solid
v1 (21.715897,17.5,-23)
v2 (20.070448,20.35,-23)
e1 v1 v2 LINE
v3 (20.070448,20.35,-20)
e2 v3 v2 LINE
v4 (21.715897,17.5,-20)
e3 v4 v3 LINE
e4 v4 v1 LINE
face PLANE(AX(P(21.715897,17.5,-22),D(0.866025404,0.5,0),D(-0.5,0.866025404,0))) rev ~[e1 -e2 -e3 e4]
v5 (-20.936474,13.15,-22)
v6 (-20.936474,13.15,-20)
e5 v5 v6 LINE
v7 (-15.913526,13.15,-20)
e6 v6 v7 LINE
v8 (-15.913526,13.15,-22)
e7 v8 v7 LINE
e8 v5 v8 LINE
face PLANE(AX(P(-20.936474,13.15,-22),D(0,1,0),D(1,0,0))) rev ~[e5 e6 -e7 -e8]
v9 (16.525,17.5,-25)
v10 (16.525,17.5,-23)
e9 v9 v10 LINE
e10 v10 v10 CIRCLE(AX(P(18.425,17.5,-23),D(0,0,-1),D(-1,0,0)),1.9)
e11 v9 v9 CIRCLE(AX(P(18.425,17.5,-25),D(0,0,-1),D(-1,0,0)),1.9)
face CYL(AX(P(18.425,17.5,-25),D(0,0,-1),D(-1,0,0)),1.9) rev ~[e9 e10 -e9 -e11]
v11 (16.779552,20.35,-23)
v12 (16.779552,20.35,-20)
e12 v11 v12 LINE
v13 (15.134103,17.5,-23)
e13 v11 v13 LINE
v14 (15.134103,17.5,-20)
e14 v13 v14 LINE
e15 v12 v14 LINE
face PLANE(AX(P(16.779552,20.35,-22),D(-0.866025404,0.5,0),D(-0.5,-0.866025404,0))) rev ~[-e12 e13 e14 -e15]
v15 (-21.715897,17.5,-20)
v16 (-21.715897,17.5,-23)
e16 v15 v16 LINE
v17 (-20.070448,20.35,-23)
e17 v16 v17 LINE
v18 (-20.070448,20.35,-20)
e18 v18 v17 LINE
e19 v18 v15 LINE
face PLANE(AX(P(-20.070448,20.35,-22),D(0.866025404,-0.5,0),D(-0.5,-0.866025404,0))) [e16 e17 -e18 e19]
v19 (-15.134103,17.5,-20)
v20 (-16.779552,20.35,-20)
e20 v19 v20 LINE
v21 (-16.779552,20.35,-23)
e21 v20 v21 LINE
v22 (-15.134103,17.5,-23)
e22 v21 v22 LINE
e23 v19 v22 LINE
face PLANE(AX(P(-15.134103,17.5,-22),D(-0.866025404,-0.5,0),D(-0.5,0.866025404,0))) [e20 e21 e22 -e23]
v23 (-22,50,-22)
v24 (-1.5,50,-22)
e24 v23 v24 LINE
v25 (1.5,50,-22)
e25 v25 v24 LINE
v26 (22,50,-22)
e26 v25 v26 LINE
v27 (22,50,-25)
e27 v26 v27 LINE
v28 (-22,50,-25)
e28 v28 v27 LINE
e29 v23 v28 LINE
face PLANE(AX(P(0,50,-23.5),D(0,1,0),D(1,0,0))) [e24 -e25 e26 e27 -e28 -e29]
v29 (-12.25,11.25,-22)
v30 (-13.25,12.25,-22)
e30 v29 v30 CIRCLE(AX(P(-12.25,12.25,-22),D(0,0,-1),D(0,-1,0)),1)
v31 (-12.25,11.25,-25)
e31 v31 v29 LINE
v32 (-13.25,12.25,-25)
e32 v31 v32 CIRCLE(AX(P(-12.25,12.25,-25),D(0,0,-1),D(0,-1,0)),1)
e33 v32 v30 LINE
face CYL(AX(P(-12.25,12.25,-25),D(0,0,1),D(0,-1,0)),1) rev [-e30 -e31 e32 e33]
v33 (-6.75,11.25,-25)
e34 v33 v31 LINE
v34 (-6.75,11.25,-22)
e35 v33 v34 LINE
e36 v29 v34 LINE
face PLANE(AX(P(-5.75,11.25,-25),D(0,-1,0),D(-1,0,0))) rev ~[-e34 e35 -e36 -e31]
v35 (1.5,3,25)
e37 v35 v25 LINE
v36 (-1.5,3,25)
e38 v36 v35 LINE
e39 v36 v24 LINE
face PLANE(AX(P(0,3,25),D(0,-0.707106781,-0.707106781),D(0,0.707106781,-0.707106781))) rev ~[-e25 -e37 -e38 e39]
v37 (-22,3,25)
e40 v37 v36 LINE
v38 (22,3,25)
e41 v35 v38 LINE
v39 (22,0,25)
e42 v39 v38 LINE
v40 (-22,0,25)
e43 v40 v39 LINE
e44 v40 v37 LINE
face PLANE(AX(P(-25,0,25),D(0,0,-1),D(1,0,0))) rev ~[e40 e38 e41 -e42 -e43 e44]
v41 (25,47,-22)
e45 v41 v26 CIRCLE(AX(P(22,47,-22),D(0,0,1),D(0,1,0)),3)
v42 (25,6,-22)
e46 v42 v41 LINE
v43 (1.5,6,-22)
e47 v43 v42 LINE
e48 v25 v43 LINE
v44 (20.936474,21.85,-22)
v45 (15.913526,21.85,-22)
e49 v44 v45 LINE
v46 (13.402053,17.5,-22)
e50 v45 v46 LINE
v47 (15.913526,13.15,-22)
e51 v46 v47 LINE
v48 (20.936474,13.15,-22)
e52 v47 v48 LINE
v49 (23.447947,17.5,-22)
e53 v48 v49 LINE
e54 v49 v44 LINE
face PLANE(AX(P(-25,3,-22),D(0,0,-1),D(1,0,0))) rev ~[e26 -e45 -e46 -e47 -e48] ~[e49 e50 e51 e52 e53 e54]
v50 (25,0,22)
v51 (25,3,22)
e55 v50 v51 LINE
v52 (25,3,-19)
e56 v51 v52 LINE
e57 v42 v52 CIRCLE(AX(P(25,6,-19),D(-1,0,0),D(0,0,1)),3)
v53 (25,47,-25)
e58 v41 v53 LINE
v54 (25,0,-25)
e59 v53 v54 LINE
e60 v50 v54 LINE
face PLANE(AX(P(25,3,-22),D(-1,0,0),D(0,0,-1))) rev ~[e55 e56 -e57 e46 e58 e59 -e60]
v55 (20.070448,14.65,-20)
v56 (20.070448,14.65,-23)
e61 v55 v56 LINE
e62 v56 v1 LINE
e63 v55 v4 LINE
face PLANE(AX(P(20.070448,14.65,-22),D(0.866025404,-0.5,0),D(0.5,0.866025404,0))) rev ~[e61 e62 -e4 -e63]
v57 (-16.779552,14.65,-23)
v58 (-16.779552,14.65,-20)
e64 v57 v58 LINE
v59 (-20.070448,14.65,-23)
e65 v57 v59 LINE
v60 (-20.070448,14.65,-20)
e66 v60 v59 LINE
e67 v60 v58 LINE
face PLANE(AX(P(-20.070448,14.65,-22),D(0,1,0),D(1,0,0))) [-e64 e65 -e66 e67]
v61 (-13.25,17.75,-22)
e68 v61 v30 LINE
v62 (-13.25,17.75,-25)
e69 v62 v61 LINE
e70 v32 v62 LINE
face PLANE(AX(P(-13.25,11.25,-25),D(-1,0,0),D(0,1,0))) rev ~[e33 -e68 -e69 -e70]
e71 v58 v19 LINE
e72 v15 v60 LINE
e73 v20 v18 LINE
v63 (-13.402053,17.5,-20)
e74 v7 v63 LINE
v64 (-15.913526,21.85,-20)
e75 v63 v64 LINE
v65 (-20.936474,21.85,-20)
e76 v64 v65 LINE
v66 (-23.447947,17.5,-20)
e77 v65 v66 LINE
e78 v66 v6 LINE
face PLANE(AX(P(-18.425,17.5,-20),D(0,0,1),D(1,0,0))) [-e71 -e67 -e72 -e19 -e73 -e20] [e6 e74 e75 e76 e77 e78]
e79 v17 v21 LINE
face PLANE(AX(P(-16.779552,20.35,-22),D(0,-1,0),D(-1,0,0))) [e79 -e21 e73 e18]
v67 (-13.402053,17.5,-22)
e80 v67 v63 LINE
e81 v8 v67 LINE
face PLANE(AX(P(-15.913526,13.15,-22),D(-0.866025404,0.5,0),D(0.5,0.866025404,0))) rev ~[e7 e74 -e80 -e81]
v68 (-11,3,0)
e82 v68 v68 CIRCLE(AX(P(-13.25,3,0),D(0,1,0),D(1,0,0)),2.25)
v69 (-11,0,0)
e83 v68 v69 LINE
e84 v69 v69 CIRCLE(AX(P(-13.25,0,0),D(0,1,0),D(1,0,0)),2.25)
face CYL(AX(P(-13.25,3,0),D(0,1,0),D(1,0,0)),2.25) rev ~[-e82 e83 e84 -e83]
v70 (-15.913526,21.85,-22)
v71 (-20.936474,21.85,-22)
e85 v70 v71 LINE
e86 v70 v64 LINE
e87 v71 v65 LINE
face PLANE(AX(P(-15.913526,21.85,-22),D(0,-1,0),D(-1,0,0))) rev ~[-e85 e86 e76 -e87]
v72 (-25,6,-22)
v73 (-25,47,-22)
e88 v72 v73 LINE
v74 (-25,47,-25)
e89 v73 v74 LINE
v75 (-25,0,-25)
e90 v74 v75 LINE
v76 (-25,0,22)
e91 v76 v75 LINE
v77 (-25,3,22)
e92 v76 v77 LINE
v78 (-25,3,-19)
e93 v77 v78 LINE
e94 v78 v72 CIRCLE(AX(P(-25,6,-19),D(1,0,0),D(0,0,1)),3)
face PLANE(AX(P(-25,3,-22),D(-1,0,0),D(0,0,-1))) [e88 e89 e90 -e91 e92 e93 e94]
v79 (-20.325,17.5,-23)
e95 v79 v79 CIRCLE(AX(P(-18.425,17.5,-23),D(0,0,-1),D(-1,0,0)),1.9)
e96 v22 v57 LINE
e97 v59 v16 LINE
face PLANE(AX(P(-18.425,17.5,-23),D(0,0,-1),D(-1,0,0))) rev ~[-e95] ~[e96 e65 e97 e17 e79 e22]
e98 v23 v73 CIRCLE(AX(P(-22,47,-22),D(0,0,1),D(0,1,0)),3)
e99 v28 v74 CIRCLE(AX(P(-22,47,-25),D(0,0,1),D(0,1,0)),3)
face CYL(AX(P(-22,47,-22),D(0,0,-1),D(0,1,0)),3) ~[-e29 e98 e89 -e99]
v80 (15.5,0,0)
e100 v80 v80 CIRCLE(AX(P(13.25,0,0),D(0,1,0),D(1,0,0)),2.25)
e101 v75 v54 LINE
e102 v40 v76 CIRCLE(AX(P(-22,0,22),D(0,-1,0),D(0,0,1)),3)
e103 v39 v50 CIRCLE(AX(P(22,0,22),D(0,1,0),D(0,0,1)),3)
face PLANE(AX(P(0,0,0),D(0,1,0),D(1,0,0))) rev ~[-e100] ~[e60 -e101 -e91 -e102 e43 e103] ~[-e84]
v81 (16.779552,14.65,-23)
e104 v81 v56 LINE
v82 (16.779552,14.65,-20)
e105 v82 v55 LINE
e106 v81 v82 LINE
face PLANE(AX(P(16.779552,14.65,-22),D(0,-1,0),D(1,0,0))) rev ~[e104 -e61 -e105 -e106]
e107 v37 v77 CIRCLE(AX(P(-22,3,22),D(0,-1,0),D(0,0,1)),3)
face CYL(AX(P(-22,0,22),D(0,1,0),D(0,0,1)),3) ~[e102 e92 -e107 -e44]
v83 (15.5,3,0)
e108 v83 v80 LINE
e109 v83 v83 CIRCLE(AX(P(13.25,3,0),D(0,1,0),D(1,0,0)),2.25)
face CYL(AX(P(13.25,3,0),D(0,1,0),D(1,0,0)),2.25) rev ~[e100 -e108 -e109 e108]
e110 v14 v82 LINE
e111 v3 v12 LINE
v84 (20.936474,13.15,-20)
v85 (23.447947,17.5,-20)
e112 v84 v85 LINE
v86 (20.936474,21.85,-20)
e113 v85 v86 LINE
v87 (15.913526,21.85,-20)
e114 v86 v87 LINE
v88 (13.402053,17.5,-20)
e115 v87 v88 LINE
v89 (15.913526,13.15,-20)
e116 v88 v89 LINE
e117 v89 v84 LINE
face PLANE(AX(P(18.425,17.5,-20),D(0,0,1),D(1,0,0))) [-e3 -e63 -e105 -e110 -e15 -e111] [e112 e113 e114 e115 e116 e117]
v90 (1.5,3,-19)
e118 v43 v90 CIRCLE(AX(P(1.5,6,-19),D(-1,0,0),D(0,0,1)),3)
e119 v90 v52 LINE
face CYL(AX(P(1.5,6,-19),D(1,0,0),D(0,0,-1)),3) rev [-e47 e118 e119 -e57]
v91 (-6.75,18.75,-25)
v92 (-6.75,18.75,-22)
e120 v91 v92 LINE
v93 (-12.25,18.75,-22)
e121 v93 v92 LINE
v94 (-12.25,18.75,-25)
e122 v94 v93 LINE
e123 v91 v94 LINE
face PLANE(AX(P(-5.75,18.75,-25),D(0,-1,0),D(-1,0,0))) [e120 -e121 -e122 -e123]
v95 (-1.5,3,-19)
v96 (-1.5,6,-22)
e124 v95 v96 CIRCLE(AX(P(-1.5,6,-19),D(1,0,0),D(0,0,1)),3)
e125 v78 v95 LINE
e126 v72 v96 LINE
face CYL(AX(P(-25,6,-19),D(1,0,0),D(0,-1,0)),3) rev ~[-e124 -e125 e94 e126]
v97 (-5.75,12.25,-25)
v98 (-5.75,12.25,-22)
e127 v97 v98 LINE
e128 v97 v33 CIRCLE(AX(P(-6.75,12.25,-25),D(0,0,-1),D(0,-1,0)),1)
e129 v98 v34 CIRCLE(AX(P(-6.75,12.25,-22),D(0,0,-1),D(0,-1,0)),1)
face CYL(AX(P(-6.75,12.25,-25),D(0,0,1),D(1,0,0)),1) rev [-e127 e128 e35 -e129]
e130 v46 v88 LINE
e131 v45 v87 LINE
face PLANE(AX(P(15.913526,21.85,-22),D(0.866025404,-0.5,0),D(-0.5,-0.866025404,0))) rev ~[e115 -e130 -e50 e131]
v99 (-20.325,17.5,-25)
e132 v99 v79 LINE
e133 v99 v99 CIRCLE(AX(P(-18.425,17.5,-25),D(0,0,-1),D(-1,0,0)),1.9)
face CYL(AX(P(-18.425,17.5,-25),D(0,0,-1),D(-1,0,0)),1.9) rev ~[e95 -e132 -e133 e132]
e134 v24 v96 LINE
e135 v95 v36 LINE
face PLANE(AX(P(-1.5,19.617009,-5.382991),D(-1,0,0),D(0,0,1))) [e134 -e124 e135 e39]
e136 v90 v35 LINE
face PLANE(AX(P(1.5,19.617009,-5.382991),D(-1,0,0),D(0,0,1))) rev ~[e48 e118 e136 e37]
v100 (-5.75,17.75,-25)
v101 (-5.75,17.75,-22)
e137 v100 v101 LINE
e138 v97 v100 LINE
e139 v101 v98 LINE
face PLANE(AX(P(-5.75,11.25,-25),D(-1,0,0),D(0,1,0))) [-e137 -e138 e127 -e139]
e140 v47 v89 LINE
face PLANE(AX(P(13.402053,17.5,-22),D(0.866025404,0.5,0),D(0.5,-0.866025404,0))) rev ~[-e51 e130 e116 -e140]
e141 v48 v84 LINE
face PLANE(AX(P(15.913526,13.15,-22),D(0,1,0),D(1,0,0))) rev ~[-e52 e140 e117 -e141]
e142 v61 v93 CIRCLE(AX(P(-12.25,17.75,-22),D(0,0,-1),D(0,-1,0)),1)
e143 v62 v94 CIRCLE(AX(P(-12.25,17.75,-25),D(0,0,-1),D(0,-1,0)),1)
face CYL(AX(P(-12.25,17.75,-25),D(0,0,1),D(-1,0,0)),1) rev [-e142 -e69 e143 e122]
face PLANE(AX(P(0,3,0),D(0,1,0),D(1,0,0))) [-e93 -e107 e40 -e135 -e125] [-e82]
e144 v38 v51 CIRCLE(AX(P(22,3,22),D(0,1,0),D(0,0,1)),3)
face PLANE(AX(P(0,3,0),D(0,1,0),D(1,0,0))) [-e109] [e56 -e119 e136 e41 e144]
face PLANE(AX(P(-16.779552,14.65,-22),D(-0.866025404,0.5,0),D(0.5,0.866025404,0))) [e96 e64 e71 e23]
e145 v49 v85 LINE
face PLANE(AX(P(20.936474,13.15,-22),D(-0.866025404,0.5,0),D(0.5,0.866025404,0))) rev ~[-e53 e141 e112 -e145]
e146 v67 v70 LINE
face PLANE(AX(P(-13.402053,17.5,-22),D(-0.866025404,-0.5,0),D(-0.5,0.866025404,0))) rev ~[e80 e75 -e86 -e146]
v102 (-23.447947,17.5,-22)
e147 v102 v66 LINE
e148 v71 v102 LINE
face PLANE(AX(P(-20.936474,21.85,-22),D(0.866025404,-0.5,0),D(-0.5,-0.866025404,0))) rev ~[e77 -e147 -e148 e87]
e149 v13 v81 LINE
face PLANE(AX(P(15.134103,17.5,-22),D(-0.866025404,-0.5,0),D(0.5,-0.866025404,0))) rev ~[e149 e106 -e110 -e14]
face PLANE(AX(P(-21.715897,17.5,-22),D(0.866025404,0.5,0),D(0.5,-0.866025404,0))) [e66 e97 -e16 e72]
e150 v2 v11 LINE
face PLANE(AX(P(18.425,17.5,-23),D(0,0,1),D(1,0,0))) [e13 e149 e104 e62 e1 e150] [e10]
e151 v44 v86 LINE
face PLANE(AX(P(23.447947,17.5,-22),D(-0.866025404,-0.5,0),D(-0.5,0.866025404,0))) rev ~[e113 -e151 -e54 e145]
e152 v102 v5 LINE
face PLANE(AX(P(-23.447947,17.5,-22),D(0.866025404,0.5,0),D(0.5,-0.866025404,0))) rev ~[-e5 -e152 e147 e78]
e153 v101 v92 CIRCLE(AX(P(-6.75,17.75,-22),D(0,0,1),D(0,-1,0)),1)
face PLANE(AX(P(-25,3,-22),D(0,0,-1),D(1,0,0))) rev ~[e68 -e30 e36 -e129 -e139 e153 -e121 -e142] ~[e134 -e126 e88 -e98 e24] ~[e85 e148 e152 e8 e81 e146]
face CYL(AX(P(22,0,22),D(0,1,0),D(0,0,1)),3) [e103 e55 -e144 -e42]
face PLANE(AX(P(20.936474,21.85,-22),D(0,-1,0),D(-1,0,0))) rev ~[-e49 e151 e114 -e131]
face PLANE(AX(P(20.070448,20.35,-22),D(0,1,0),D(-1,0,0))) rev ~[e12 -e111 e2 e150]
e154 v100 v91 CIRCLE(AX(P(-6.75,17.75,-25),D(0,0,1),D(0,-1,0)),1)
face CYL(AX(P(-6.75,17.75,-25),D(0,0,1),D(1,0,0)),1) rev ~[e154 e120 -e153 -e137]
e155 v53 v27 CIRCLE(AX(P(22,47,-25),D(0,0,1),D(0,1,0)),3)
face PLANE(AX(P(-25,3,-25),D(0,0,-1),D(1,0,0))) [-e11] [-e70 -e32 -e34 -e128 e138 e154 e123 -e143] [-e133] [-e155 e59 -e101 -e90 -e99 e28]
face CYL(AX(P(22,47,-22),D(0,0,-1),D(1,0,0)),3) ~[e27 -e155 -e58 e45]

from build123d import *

# Parameters (mm, degrees)
SKETCH1_W           = 50
SKETCH1_H           = 50
BOSS_EXTRUDE1_DEPTH = 3
SKETCH2_W           = 50
SKETCH2_H           = 3
BOSS_EXTRUDE2_DEPTH = 47
BOSS_EXTRUDE3_DEPTH = 1.5
CUT_EXTRUDE1_REACH  = 52
SKETCH4_R           = 1.9
SKETCH4_W           = 7.5
SKETCH4_H           = 7.5
FILLET1_R           = 1
CUT_EXTRUDE3_DEPTH  = 1
BOSS_EXTRUDE4_DEPTH = 2
FILLET3_R           = 3
CUT_EXTRUDE4_REACH  = 5
SKETCH8_R           = 2.25


with BuildPart() as part:
    # Sketch1 → Boss-Extrude1 (new body)
    with BuildSketch(Plane(origin=(0, 0, 0), x_dir=(1, 0, 0), z_dir=(0, 1, 0))):
        Rectangle(SKETCH1_W, SKETCH1_H)
    extrude(amount=BOSS_EXTRUDE1_DEPTH)

    # Sketch2 → Boss-Extrude2 (add)
    with BuildSketch(Plane(origin=(0, 3, 0), x_dir=(1, 0, 0), z_dir=(0, 1, 0))):
        with Locations((0, 23.5)):
            Rectangle(SKETCH2_W, SKETCH2_H)
    extrude(amount=BOSS_EXTRUDE2_DEPTH)

    # Sketch3 → Boss-Extrude3 (add, symmetric)
    with BuildSketch(Plane(origin=(0, 0, 0), x_dir=(0, 0, -1), z_dir=(1, 0, 0))):
        Polygon((-25, 3), (22, 50), (22, 3), align=None)
    extrude(amount=BOSS_EXTRUDE3_DEPTH, both=True)

    # Sketch4 → Cut-Extrude1 (cut, up to next)
    with BuildSketch(Plane(origin=(0, 0, -25), x_dir=(-1, 0, 0), z_dir=(0, 0, -1)), mode=Mode.PRIVATE) as cut_extrude1_sk1:
        with Locations((-18.425, 17.5)):
            Circle(SKETCH4_R)
    cut_extrude1_tool1 = extrude(cut_extrude1_sk1.sketch, amount=-CUT_EXTRUDE1_REACH, mode=Mode.PRIVATE) & part.part
    add(cut_extrude1_tool1.solids().sort_by_distance((18.425, 17.5, -25))[0], mode=Mode.SUBTRACT)
    # Sketch4 → Cut-Extrude1 (cut, up to next)
    with BuildSketch(Plane(origin=(0, 0, -25), x_dir=(-1, 0, 0), z_dir=(0, 0, -1)), mode=Mode.PRIVATE) as cut_extrude1_sk2:
        with Locations((18.425, 17.5)):
            Circle(SKETCH4_R)
    cut_extrude1_tool2 = extrude(cut_extrude1_sk2.sketch, amount=-CUT_EXTRUDE1_REACH, mode=Mode.PRIVATE) & part.part
    add(cut_extrude1_tool2.solids().sort_by_distance((-18.425, 17.5, -25))[0], mode=Mode.SUBTRACT)
    # Sketch4 → Cut-Extrude1 (cut, up to next)
    with BuildSketch(Plane(origin=(0, 0, -25), x_dir=(-1, 0, 0), z_dir=(0, 0, -1)), mode=Mode.PRIVATE) as cut_extrude1_sk3:
        with Locations((9.5, 15)):
            Rectangle(SKETCH4_W, SKETCH4_H)
    cut_extrude1_tool3 = extrude(cut_extrude1_sk3.sketch, amount=-CUT_EXTRUDE1_REACH, mode=Mode.PRIVATE) & part.part
    add(cut_extrude1_tool3.solids().sort_by_distance((-9.5, 15, -25))[0], mode=Mode.SUBTRACT)

    # Fillet1
    fillet1_edges = [part.edges().sort_by_distance(p)[0] for p in [
        (-13.25, 18.75, -23.5),
        (-13.25, 11.25, -23.5),
        (-5.75, 11.25, -23.5),
        (-5.75, 18.75, -23.5),
    ]]
    fillet(fillet1_edges, radius=FILLET1_R)

    # Sketch6 → Cut-Extrude3 (cut)
    with BuildSketch(Plane.XY.offset(-22)):
        Polygon((16.779551733, 14.65), (20.070448267, 14.65), (21.715896534, 17.5), (20.070448267, 20.35), (16.779551733, 20.35), (15.134103466, 17.5), align=None)
        Polygon((-20.070448267, 14.65), (-21.715896534, 17.5), (-20.070448267, 20.35), (-16.779551733, 20.35), (-15.134103466, 17.5), (-16.779551733, 14.65), align=None)
    extrude(amount=-CUT_EXTRUDE3_DEPTH, mode=Mode.SUBTRACT)

    # Sketch7 → Boss-Extrude4 (add)
    with BuildSketch(Plane.XY.offset(-22)):
        Polygon((-15.913526329, 13.15), (-13.402052658, 17.5), (-15.913526329, 21.85), (-20.936473671, 21.85), (-23.447947342, 17.5), (-20.936473671, 13.15), align=None)
        Polygon((-16.779551733, 14.65), (-15.134103466, 17.5), (-16.779551733, 20.35), (-20.070448267, 20.35), (-21.715896534, 17.5), (-20.070448267, 14.65), align=None, mode=Mode.SUBTRACT)
        Polygon((13.402052658, 17.5), (15.913526329, 13.15), (20.936473671, 13.15), (23.447947342, 17.5), (20.936473671, 21.85), (15.913526329, 21.85), align=None)
        Polygon((16.779551733, 14.65), (20.070448267, 14.65), (21.715896534, 17.5), (20.070448267, 20.35), (16.779551733, 20.35), (15.134103466, 17.5), align=None, mode=Mode.SUBTRACT)
    extrude(amount=BOSS_EXTRUDE4_DEPTH)

    # Fillet3
    fillet3_edges = [part.edges().sort_by_distance(p)[0] for p in [
        (-13.25, 3, -22),
        (-25, 50, -23.5),
        (25, 50, -23.5),
        (13.25, 3, -22),
        (25, 1.5, 25),
        (-25, 1.5, 25),
    ]]
    fillet(fillet3_edges, radius=FILLET3_R)

    # Sketch8 → Cut-Extrude4 (cut, up to next)
    with BuildSketch(Plane(origin=(0, 3, 0), x_dir=(1, 0, 0), z_dir=(0, 1, 0)), mode=Mode.PRIVATE) as cut_extrude4_sk1:
        with Locations((-13.25, 0)):
            Circle(SKETCH8_R)
    cut_extrude4_tool1 = extrude(cut_extrude4_sk1.sketch, amount=-CUT_EXTRUDE4_REACH, mode=Mode.PRIVATE) & part.part
    add(cut_extrude4_tool1.solids().sort_by_distance((-13.25, 3, 0))[0], mode=Mode.SUBTRACT)
    # Sketch8 → Cut-Extrude4 (cut, up to next)
    with BuildSketch(Plane(origin=(0, 3, 0), x_dir=(1, 0, 0), z_dir=(0, 1, 0)), mode=Mode.PRIVATE) as cut_extrude4_sk2:
        with Locations((13.25, 0)):
            Circle(SKETCH8_R)
    cut_extrude4_tool2 = extrude(cut_extrude4_sk2.sketch, amount=-CUT_EXTRUDE4_REACH, mode=Mode.PRIVATE) & part.part
    add(cut_extrude4_tool2.solids().sort_by_distance((13.25, 3, 0))[0], mode=Mode.SUBTRACT)


solid = part.part
